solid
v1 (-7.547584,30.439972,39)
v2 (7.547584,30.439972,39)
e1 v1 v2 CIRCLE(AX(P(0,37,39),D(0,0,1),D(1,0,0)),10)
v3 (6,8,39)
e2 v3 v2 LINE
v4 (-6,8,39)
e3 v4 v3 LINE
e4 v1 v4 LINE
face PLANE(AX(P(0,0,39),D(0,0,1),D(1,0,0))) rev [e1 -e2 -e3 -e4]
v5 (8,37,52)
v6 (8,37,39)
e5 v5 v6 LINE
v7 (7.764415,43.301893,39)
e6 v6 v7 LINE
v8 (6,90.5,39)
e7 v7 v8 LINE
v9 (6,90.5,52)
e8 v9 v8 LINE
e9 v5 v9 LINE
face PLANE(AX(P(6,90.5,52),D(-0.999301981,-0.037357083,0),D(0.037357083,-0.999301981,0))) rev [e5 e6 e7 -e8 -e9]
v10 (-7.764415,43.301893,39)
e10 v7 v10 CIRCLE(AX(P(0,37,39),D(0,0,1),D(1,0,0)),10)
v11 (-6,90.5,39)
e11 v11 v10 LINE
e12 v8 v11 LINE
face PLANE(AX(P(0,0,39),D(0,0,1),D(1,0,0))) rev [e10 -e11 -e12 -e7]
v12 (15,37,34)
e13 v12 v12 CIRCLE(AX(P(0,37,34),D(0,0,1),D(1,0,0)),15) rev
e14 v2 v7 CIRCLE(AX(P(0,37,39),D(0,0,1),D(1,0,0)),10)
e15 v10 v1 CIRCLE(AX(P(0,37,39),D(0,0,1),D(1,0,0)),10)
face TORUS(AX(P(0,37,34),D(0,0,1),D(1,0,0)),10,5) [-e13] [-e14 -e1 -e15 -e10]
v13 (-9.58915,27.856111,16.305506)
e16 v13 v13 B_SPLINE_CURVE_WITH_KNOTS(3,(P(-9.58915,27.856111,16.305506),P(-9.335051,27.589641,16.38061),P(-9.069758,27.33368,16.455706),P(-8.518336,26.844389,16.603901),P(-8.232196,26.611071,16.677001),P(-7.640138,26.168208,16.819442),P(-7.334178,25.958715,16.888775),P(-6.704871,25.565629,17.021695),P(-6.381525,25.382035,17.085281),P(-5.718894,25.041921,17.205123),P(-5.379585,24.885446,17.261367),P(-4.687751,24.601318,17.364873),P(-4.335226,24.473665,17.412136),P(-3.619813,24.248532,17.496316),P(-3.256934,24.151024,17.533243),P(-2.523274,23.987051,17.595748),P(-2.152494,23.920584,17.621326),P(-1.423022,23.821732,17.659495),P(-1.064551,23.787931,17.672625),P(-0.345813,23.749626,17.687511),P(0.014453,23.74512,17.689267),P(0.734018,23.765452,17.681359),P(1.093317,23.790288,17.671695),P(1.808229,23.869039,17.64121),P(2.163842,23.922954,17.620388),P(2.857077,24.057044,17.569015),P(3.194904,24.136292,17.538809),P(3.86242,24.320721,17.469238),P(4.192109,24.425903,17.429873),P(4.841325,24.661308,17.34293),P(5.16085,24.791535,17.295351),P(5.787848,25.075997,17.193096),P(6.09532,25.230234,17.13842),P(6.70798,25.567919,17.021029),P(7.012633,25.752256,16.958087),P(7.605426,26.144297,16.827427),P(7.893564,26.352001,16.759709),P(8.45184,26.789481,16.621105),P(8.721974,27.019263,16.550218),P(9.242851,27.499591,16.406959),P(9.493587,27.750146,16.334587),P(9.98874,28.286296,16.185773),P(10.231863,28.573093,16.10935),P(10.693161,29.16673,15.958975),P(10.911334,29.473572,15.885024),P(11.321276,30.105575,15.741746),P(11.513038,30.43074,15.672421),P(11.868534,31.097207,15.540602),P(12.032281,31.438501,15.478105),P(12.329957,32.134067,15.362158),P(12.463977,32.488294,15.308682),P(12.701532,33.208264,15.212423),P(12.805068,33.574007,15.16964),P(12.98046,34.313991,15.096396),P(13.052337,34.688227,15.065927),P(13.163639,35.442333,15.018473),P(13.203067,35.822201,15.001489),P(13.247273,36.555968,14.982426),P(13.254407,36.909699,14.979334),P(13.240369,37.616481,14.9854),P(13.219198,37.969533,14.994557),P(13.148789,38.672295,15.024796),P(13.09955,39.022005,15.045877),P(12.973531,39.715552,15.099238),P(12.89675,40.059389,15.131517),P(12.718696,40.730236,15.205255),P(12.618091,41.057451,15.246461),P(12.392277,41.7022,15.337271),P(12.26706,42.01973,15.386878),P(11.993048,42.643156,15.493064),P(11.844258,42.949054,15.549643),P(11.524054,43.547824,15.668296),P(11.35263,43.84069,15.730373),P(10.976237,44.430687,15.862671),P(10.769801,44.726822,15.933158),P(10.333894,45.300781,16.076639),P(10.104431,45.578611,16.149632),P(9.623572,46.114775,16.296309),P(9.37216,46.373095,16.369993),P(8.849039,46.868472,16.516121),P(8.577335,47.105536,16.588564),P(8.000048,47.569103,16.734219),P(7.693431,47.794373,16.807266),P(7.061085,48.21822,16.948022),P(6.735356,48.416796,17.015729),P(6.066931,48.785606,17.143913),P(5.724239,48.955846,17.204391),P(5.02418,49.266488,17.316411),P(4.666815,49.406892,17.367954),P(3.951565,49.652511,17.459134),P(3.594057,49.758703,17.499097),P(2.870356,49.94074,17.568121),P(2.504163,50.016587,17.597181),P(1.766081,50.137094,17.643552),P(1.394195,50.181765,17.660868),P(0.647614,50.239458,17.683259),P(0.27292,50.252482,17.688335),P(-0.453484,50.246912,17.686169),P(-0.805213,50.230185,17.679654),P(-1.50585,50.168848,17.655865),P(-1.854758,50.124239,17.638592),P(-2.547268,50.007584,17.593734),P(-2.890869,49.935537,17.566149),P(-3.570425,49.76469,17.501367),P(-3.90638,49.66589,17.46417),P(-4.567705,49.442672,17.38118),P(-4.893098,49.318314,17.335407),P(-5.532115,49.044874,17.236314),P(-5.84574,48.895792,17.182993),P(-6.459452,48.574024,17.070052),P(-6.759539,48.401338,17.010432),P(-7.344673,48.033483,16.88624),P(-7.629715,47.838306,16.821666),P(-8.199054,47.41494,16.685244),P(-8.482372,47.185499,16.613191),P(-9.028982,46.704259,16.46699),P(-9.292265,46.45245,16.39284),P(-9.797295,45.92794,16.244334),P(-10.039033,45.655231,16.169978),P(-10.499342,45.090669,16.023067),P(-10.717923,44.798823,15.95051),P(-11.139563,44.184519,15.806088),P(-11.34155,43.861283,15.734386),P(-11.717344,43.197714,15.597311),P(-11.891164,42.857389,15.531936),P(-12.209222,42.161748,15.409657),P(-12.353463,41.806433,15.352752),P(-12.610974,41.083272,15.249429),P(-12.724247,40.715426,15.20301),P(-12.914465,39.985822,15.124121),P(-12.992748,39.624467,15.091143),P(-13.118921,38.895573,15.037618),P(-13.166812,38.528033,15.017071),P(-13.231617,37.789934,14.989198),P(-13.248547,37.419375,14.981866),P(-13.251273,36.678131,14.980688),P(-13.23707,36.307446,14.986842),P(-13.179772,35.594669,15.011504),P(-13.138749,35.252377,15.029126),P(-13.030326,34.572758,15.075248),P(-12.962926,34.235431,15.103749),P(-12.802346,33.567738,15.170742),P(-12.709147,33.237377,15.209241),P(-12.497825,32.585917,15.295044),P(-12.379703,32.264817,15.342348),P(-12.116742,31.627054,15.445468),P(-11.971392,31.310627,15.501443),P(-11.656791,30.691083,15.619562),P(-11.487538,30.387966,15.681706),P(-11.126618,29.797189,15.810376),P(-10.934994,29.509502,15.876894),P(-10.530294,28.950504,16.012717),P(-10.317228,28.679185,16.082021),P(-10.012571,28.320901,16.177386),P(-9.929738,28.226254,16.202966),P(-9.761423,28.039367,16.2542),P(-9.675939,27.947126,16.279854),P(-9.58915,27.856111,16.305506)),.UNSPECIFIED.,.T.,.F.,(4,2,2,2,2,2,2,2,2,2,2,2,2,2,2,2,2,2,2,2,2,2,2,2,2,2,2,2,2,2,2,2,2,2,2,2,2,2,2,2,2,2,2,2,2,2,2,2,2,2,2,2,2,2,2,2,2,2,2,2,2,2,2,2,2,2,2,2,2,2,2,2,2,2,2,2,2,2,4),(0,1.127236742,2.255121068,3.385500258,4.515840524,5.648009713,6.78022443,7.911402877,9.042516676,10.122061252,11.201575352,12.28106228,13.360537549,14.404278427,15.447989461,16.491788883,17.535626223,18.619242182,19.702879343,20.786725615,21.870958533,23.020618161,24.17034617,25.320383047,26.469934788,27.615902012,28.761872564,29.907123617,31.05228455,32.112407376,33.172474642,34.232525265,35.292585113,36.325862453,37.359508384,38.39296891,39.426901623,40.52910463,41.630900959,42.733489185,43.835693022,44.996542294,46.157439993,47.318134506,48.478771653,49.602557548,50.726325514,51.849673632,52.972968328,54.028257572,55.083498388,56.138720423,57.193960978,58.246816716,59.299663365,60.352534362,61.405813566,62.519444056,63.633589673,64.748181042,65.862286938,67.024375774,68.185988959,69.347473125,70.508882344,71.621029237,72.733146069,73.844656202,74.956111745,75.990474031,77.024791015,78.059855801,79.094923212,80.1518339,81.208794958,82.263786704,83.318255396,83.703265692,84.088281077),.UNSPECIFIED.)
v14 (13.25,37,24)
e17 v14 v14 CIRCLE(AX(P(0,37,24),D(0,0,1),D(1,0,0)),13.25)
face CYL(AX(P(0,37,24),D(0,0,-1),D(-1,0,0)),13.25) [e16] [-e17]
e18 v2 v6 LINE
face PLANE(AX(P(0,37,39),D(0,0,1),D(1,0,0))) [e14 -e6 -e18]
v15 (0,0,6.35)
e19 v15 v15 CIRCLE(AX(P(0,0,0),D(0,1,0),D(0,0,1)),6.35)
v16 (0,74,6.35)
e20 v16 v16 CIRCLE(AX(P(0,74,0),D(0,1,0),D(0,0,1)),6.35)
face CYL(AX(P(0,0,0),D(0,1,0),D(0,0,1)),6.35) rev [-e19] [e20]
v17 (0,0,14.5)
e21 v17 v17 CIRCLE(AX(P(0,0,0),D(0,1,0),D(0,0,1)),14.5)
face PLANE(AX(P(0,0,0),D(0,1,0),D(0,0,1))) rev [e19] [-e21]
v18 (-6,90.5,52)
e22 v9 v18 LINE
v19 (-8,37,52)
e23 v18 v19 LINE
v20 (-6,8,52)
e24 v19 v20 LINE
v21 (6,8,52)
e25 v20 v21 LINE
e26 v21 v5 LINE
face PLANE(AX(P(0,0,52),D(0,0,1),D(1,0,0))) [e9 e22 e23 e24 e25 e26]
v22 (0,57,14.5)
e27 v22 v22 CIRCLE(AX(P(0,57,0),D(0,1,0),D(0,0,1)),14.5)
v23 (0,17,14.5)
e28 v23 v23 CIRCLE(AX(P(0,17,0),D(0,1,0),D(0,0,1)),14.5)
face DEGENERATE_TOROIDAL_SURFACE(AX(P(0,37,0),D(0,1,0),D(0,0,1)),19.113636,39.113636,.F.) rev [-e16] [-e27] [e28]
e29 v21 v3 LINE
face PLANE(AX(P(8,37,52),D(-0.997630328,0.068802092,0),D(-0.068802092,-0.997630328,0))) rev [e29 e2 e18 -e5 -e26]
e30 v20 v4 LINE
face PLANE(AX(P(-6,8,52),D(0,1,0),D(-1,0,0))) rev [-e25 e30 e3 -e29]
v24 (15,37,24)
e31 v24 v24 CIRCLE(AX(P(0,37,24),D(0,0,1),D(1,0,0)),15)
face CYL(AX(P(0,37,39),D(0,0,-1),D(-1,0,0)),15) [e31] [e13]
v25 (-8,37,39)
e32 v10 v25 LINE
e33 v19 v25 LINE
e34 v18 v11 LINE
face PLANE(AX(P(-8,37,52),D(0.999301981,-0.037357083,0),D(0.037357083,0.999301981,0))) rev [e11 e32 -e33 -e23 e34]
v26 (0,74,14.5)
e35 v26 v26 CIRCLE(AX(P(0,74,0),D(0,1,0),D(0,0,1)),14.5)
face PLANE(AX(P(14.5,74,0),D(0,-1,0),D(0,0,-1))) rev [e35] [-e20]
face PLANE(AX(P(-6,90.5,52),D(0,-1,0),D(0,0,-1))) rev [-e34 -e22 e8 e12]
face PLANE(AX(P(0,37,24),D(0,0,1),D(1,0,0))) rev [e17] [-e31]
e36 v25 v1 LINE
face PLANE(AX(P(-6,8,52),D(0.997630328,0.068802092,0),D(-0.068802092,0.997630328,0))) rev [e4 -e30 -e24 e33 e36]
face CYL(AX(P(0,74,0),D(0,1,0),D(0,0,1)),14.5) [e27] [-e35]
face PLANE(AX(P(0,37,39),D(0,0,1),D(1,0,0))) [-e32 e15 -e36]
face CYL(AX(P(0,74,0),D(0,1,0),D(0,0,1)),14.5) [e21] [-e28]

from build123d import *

# Parameters (mm, degrees)
CROQUIS2_R              = 6.35
CORTAR_EXTRUIR1_DEPTH   = 80.221209332
CROQUIS3_R              = 13.25
SALIENTE_EXTRUIR1_DEPTH = 24
CROQUIS4_R              = 6.35
CORTAR_EXTRUIR2_DEPTH   = 81.324342659
CROQUIS5_R              = 15
SALIENTE_EXTRUIR2_DEPTH = 15
REDONDEO1_R             = 5
SALIENTE_EXTRUIR3_DEPTH = 13


with BuildPart() as part:
    # Croquis1 → Revolución1 (revolve)
    with BuildSketch(Plane.XY, mode=Mode.PRIVATE) as revoluci_n1_sk:
        with BuildLine():
            Line((0, 0), (14.5, 0))
            Line((14.5, 0), (14.5, 17))
            ThreePointArc((14.5, 17), (20, 37), (14.5, 57))
            Line((14.5, 57), (14.5, 74))
            Line((14.5, 74), (0, 74))
            Line((0, 74), (0, 0))
        make_face()
    revolve(revoluci_n1_sk.sketch.rotate(Axis((0, 74, 0), (0, -1, 0)), 90), axis=Axis((0, 74, 0), (0, -1, 0)))

    # Croquis2 → Cortar-Extruir1 (cut, through all)
    with BuildSketch(Plane(origin=(0, 74, 0), x_dir=(1, 0, 0), z_dir=(0, 1, 0))):
        with Locations(Location((0, 0, 0), (0, 0, 270))):
            Circle(CROQUIS2_R)
    extrude(amount=-CORTAR_EXTRUIR1_DEPTH, mode=Mode.SUBTRACT)

    # Croquis3 → Saliente-Extruir1 (add)
    with BuildSketch(Plane.XY):
        with Locations(Location((0, 37, 0), (0, 0, 223.63840605))):
            Circle(CROQUIS3_R)
    extrude(amount=SALIENTE_EXTRUIR1_DEPTH)

    # Croquis4 → Cortar-Extruir2 (cut, through all)
    with BuildSketch(Plane(origin=(0, 74, 0), x_dir=(1, 0, 0), z_dir=(0, 1, 0))):
        with Locations(Location((0, 0, 0), (0, 0, 270))):
            Circle(CROQUIS4_R)
    extrude(amount=-CORTAR_EXTRUIR2_DEPTH, mode=Mode.SUBTRACT)

    # Croquis5 → Saliente-Extruir2 (add)
    with BuildSketch(Plane.XY.offset(24)):
        with Locations((0, 37)):
            Circle(CROQUIS5_R)
    extrude(amount=SALIENTE_EXTRUIR2_DEPTH)

    # Redondeo1
    redondeo1_edges = [part.edges().sort_by_distance(p)[0] for p in [
        (-15, 37, 39),
    ]]
    fillet(redondeo1_edges, radius=REDONDEO1_R)

    # Croquis7 → Saliente-Extruir3 (add)
    with BuildSketch(Plane.XY.offset(39)):
        Polygon((-6, 90.5), (6, 90.5), (8, 37), (6, 8), (-6, 8), (-8, 37), align=None)
    extrude(amount=SALIENTE_EXTRUIR3_DEPTH)


solid = part.part
